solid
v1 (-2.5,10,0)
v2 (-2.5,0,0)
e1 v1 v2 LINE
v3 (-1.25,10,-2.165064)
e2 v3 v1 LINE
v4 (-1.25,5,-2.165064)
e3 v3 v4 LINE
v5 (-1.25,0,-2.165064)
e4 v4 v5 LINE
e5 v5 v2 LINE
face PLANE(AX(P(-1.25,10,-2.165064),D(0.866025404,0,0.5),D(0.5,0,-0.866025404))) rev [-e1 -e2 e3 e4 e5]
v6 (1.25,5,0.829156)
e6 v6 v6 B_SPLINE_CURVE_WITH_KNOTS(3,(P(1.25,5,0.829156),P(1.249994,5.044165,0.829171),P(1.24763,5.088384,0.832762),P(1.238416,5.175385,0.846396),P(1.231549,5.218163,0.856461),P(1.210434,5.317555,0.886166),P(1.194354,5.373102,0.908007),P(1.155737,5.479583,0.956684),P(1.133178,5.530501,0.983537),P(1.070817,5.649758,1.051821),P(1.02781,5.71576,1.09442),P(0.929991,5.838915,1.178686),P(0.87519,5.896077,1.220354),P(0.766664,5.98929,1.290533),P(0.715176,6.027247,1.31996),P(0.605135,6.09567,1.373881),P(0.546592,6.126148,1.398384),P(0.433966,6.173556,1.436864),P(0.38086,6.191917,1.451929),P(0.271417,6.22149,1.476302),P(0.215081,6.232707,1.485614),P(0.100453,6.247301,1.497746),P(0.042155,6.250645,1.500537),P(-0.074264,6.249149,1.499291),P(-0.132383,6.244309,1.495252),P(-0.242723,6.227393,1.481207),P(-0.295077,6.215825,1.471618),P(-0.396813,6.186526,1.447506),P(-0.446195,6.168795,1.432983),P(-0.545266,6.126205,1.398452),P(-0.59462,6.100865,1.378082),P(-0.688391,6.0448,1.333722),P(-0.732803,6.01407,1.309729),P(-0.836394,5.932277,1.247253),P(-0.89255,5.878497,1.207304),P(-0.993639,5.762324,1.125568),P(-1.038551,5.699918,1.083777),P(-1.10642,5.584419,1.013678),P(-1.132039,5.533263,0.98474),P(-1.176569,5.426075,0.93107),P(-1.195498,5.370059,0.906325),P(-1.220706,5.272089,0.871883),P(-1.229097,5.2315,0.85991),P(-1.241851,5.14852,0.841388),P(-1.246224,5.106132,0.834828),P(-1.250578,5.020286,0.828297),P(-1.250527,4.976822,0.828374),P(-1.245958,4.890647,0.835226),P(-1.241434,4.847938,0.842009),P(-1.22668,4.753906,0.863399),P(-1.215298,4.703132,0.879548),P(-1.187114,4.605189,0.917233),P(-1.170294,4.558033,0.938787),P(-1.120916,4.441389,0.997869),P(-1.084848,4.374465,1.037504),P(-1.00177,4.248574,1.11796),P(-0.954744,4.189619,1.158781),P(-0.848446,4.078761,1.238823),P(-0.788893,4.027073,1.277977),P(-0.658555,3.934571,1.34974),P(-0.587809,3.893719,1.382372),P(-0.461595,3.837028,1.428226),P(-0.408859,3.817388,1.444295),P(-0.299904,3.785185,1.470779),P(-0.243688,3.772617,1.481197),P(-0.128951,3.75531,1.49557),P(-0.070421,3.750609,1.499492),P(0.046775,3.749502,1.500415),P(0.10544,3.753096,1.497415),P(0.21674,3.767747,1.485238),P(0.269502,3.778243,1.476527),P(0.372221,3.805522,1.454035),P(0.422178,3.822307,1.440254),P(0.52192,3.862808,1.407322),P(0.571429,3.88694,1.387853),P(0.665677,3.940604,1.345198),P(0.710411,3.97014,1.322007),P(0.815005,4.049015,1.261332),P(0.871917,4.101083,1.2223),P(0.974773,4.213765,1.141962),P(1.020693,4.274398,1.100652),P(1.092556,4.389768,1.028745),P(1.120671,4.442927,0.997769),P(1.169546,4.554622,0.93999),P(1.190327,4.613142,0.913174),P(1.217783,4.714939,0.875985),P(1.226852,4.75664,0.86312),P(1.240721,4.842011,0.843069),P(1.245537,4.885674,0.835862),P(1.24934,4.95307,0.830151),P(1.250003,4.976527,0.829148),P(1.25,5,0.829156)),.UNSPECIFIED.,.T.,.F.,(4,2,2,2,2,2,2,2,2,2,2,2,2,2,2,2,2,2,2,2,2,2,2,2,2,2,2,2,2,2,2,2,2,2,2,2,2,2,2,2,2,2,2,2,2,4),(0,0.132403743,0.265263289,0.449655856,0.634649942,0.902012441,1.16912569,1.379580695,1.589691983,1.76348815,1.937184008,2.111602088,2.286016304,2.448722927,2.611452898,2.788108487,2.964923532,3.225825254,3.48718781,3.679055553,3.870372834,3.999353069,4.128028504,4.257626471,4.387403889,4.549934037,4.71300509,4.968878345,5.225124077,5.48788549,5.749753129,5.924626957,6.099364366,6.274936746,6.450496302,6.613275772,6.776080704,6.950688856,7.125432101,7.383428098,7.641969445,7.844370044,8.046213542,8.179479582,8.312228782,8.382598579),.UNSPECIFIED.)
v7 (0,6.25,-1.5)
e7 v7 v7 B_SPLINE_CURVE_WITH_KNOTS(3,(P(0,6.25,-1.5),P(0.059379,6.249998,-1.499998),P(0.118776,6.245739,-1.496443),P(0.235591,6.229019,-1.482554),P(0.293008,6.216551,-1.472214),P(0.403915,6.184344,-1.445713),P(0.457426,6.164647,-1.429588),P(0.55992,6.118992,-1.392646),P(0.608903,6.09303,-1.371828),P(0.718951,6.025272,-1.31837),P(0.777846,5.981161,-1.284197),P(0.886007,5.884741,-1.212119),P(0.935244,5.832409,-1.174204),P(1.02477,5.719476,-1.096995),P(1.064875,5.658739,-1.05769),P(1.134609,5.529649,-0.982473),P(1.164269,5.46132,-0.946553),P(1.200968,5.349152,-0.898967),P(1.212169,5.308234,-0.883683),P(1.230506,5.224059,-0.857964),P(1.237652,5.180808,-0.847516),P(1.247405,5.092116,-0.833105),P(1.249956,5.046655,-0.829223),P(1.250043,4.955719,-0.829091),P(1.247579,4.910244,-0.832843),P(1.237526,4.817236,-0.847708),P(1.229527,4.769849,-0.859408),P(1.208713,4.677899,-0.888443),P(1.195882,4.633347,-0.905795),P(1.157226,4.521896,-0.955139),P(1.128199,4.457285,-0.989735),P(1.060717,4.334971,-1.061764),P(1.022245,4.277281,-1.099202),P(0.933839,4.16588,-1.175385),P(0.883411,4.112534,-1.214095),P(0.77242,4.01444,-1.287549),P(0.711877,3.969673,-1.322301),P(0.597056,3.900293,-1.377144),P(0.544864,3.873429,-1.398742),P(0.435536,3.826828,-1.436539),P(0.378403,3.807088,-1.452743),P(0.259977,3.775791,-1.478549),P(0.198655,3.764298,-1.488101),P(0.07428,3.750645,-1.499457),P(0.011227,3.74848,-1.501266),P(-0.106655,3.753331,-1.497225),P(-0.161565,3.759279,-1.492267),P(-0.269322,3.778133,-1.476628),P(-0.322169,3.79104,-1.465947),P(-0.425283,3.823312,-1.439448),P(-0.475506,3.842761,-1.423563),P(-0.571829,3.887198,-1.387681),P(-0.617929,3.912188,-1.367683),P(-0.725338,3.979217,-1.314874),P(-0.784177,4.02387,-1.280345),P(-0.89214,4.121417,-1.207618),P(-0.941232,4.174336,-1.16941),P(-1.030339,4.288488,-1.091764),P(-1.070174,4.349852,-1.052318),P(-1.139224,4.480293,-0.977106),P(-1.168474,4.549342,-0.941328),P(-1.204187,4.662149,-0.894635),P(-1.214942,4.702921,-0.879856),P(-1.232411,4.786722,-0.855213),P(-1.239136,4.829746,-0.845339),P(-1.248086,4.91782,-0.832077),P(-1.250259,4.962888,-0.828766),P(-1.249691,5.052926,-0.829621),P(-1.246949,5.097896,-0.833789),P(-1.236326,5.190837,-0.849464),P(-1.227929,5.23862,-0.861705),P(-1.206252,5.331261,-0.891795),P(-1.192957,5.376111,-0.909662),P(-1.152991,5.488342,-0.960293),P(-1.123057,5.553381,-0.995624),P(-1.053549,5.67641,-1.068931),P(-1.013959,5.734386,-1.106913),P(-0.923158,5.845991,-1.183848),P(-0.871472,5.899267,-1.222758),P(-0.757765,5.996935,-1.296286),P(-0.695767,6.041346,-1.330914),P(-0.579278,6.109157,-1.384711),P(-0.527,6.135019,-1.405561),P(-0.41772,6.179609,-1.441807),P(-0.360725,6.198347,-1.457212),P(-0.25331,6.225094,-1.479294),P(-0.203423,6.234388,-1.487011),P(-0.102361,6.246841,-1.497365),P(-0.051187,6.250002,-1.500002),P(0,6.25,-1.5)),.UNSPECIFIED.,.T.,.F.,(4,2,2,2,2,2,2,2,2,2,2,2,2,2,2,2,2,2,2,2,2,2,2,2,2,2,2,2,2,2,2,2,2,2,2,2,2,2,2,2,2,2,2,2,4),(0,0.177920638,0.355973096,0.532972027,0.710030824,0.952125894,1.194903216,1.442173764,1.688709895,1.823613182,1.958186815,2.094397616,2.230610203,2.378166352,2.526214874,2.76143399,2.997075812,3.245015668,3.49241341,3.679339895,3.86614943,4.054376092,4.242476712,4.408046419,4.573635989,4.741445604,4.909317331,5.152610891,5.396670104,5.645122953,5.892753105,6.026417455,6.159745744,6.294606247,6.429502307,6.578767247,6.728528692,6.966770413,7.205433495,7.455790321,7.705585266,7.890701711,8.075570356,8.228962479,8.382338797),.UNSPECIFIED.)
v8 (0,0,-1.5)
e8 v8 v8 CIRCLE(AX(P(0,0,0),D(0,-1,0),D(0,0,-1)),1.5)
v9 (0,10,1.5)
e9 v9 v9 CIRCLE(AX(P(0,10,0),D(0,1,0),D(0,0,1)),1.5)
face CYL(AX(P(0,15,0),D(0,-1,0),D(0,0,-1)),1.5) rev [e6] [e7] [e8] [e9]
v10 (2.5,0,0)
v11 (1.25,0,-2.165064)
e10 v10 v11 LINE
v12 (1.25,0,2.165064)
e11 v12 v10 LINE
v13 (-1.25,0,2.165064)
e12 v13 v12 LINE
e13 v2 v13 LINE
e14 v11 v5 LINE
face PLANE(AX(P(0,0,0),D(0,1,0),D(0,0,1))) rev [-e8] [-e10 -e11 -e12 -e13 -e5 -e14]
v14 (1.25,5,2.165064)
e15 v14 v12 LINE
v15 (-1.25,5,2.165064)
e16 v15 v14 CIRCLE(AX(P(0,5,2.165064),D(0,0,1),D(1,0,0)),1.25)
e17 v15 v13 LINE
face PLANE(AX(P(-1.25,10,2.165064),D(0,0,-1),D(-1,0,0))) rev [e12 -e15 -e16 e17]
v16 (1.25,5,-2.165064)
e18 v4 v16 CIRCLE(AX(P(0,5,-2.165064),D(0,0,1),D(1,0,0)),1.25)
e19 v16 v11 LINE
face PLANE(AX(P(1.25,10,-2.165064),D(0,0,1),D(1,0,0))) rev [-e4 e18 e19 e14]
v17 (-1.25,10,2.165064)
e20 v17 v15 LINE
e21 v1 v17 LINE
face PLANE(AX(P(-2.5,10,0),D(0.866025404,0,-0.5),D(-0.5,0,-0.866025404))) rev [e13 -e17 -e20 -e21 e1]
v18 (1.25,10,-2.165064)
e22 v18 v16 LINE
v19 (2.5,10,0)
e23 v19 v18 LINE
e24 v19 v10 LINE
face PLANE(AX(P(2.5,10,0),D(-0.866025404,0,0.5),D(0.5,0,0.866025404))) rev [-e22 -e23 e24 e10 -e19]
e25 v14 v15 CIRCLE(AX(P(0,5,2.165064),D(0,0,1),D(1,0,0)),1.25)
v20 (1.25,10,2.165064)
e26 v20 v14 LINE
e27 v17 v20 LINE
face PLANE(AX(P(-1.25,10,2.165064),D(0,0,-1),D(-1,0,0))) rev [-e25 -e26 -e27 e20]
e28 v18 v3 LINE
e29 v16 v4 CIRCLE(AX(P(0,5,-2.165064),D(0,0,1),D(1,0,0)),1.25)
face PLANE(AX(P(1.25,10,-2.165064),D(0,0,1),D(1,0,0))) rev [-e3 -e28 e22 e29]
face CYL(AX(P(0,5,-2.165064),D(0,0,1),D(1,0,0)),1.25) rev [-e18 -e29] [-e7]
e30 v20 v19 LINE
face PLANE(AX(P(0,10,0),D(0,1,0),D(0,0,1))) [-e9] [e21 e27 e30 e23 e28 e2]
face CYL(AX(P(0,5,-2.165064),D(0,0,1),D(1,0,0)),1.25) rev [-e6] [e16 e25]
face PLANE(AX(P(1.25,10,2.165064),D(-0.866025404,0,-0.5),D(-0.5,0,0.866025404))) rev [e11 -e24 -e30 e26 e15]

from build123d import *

# Parameters (mm, degrees)
EXTRUDE_1_DEPTH          = 10
SKETCH_2_R               = 1.5
EXTRUDE_2_DEPTH          = 5
SKETCH_3_R               = 1.5
CUT_EXTRUDE_1_DEPTH      = 16.360257159
CUT_EXTRUDE_2_DEPTH      = 11.532687216
CUT_EXTRUDE_2_DEPTH_BACK = 11.532687216
SKETCH_4_R               = 1.25


with BuildPart() as part:
    # Эскиз1 → Бобышка-Вытянуть1 (new body)
    with BuildSketch(Plane(origin=(0, 0, 0), x_dir=(1, 0, 0), z_dir=(0, 1, 0))):
        Polygon((1.25, -2.165063509), (2.5, 0), (1.25, 2.165063509), (-1.25, 2.165063509), (-2.5, 0), (-1.25, -2.165063509), align=None)
    extrude(amount=EXTRUDE_1_DEPTH)

    # Эскиз2 → Бобышка-Вытянуть2 (add)
    with BuildSketch(Plane(origin=(0, 10, 0), x_dir=(1, 0, 0), z_dir=(0, 1, 0))):
        with Locations(Location((0, 0, 0), (0, 0, 270))):
            Circle(SKETCH_2_R)
    extrude(amount=EXTRUDE_2_DEPTH)

    # Эскиз3 → Вырез-Вытянуть1 (cut, through all)
    with BuildSketch(Plane.XZ):
        with Locations(Location((0, 0, 0), (0, 0, 270))):
            Circle(SKETCH_3_R)
    extrude(amount=-CUT_EXTRUDE_1_DEPTH, mode=Mode.SUBTRACT)

    # Эскиз4 → Вырез-Вытянуть2 (cut, two sides: drawn at the far end of the back side and taken through both)
    with BuildSketch(Plane.XY.offset(-CUT_EXTRUDE_2_DEPTH_BACK)):
        with Locations((0, 5)):
            Circle(SKETCH_4_R)
    extrude(amount=CUT_EXTRUDE_2_DEPTH + CUT_EXTRUDE_2_DEPTH_BACK, mode=Mode.SUBTRACT)


solid = part.part
